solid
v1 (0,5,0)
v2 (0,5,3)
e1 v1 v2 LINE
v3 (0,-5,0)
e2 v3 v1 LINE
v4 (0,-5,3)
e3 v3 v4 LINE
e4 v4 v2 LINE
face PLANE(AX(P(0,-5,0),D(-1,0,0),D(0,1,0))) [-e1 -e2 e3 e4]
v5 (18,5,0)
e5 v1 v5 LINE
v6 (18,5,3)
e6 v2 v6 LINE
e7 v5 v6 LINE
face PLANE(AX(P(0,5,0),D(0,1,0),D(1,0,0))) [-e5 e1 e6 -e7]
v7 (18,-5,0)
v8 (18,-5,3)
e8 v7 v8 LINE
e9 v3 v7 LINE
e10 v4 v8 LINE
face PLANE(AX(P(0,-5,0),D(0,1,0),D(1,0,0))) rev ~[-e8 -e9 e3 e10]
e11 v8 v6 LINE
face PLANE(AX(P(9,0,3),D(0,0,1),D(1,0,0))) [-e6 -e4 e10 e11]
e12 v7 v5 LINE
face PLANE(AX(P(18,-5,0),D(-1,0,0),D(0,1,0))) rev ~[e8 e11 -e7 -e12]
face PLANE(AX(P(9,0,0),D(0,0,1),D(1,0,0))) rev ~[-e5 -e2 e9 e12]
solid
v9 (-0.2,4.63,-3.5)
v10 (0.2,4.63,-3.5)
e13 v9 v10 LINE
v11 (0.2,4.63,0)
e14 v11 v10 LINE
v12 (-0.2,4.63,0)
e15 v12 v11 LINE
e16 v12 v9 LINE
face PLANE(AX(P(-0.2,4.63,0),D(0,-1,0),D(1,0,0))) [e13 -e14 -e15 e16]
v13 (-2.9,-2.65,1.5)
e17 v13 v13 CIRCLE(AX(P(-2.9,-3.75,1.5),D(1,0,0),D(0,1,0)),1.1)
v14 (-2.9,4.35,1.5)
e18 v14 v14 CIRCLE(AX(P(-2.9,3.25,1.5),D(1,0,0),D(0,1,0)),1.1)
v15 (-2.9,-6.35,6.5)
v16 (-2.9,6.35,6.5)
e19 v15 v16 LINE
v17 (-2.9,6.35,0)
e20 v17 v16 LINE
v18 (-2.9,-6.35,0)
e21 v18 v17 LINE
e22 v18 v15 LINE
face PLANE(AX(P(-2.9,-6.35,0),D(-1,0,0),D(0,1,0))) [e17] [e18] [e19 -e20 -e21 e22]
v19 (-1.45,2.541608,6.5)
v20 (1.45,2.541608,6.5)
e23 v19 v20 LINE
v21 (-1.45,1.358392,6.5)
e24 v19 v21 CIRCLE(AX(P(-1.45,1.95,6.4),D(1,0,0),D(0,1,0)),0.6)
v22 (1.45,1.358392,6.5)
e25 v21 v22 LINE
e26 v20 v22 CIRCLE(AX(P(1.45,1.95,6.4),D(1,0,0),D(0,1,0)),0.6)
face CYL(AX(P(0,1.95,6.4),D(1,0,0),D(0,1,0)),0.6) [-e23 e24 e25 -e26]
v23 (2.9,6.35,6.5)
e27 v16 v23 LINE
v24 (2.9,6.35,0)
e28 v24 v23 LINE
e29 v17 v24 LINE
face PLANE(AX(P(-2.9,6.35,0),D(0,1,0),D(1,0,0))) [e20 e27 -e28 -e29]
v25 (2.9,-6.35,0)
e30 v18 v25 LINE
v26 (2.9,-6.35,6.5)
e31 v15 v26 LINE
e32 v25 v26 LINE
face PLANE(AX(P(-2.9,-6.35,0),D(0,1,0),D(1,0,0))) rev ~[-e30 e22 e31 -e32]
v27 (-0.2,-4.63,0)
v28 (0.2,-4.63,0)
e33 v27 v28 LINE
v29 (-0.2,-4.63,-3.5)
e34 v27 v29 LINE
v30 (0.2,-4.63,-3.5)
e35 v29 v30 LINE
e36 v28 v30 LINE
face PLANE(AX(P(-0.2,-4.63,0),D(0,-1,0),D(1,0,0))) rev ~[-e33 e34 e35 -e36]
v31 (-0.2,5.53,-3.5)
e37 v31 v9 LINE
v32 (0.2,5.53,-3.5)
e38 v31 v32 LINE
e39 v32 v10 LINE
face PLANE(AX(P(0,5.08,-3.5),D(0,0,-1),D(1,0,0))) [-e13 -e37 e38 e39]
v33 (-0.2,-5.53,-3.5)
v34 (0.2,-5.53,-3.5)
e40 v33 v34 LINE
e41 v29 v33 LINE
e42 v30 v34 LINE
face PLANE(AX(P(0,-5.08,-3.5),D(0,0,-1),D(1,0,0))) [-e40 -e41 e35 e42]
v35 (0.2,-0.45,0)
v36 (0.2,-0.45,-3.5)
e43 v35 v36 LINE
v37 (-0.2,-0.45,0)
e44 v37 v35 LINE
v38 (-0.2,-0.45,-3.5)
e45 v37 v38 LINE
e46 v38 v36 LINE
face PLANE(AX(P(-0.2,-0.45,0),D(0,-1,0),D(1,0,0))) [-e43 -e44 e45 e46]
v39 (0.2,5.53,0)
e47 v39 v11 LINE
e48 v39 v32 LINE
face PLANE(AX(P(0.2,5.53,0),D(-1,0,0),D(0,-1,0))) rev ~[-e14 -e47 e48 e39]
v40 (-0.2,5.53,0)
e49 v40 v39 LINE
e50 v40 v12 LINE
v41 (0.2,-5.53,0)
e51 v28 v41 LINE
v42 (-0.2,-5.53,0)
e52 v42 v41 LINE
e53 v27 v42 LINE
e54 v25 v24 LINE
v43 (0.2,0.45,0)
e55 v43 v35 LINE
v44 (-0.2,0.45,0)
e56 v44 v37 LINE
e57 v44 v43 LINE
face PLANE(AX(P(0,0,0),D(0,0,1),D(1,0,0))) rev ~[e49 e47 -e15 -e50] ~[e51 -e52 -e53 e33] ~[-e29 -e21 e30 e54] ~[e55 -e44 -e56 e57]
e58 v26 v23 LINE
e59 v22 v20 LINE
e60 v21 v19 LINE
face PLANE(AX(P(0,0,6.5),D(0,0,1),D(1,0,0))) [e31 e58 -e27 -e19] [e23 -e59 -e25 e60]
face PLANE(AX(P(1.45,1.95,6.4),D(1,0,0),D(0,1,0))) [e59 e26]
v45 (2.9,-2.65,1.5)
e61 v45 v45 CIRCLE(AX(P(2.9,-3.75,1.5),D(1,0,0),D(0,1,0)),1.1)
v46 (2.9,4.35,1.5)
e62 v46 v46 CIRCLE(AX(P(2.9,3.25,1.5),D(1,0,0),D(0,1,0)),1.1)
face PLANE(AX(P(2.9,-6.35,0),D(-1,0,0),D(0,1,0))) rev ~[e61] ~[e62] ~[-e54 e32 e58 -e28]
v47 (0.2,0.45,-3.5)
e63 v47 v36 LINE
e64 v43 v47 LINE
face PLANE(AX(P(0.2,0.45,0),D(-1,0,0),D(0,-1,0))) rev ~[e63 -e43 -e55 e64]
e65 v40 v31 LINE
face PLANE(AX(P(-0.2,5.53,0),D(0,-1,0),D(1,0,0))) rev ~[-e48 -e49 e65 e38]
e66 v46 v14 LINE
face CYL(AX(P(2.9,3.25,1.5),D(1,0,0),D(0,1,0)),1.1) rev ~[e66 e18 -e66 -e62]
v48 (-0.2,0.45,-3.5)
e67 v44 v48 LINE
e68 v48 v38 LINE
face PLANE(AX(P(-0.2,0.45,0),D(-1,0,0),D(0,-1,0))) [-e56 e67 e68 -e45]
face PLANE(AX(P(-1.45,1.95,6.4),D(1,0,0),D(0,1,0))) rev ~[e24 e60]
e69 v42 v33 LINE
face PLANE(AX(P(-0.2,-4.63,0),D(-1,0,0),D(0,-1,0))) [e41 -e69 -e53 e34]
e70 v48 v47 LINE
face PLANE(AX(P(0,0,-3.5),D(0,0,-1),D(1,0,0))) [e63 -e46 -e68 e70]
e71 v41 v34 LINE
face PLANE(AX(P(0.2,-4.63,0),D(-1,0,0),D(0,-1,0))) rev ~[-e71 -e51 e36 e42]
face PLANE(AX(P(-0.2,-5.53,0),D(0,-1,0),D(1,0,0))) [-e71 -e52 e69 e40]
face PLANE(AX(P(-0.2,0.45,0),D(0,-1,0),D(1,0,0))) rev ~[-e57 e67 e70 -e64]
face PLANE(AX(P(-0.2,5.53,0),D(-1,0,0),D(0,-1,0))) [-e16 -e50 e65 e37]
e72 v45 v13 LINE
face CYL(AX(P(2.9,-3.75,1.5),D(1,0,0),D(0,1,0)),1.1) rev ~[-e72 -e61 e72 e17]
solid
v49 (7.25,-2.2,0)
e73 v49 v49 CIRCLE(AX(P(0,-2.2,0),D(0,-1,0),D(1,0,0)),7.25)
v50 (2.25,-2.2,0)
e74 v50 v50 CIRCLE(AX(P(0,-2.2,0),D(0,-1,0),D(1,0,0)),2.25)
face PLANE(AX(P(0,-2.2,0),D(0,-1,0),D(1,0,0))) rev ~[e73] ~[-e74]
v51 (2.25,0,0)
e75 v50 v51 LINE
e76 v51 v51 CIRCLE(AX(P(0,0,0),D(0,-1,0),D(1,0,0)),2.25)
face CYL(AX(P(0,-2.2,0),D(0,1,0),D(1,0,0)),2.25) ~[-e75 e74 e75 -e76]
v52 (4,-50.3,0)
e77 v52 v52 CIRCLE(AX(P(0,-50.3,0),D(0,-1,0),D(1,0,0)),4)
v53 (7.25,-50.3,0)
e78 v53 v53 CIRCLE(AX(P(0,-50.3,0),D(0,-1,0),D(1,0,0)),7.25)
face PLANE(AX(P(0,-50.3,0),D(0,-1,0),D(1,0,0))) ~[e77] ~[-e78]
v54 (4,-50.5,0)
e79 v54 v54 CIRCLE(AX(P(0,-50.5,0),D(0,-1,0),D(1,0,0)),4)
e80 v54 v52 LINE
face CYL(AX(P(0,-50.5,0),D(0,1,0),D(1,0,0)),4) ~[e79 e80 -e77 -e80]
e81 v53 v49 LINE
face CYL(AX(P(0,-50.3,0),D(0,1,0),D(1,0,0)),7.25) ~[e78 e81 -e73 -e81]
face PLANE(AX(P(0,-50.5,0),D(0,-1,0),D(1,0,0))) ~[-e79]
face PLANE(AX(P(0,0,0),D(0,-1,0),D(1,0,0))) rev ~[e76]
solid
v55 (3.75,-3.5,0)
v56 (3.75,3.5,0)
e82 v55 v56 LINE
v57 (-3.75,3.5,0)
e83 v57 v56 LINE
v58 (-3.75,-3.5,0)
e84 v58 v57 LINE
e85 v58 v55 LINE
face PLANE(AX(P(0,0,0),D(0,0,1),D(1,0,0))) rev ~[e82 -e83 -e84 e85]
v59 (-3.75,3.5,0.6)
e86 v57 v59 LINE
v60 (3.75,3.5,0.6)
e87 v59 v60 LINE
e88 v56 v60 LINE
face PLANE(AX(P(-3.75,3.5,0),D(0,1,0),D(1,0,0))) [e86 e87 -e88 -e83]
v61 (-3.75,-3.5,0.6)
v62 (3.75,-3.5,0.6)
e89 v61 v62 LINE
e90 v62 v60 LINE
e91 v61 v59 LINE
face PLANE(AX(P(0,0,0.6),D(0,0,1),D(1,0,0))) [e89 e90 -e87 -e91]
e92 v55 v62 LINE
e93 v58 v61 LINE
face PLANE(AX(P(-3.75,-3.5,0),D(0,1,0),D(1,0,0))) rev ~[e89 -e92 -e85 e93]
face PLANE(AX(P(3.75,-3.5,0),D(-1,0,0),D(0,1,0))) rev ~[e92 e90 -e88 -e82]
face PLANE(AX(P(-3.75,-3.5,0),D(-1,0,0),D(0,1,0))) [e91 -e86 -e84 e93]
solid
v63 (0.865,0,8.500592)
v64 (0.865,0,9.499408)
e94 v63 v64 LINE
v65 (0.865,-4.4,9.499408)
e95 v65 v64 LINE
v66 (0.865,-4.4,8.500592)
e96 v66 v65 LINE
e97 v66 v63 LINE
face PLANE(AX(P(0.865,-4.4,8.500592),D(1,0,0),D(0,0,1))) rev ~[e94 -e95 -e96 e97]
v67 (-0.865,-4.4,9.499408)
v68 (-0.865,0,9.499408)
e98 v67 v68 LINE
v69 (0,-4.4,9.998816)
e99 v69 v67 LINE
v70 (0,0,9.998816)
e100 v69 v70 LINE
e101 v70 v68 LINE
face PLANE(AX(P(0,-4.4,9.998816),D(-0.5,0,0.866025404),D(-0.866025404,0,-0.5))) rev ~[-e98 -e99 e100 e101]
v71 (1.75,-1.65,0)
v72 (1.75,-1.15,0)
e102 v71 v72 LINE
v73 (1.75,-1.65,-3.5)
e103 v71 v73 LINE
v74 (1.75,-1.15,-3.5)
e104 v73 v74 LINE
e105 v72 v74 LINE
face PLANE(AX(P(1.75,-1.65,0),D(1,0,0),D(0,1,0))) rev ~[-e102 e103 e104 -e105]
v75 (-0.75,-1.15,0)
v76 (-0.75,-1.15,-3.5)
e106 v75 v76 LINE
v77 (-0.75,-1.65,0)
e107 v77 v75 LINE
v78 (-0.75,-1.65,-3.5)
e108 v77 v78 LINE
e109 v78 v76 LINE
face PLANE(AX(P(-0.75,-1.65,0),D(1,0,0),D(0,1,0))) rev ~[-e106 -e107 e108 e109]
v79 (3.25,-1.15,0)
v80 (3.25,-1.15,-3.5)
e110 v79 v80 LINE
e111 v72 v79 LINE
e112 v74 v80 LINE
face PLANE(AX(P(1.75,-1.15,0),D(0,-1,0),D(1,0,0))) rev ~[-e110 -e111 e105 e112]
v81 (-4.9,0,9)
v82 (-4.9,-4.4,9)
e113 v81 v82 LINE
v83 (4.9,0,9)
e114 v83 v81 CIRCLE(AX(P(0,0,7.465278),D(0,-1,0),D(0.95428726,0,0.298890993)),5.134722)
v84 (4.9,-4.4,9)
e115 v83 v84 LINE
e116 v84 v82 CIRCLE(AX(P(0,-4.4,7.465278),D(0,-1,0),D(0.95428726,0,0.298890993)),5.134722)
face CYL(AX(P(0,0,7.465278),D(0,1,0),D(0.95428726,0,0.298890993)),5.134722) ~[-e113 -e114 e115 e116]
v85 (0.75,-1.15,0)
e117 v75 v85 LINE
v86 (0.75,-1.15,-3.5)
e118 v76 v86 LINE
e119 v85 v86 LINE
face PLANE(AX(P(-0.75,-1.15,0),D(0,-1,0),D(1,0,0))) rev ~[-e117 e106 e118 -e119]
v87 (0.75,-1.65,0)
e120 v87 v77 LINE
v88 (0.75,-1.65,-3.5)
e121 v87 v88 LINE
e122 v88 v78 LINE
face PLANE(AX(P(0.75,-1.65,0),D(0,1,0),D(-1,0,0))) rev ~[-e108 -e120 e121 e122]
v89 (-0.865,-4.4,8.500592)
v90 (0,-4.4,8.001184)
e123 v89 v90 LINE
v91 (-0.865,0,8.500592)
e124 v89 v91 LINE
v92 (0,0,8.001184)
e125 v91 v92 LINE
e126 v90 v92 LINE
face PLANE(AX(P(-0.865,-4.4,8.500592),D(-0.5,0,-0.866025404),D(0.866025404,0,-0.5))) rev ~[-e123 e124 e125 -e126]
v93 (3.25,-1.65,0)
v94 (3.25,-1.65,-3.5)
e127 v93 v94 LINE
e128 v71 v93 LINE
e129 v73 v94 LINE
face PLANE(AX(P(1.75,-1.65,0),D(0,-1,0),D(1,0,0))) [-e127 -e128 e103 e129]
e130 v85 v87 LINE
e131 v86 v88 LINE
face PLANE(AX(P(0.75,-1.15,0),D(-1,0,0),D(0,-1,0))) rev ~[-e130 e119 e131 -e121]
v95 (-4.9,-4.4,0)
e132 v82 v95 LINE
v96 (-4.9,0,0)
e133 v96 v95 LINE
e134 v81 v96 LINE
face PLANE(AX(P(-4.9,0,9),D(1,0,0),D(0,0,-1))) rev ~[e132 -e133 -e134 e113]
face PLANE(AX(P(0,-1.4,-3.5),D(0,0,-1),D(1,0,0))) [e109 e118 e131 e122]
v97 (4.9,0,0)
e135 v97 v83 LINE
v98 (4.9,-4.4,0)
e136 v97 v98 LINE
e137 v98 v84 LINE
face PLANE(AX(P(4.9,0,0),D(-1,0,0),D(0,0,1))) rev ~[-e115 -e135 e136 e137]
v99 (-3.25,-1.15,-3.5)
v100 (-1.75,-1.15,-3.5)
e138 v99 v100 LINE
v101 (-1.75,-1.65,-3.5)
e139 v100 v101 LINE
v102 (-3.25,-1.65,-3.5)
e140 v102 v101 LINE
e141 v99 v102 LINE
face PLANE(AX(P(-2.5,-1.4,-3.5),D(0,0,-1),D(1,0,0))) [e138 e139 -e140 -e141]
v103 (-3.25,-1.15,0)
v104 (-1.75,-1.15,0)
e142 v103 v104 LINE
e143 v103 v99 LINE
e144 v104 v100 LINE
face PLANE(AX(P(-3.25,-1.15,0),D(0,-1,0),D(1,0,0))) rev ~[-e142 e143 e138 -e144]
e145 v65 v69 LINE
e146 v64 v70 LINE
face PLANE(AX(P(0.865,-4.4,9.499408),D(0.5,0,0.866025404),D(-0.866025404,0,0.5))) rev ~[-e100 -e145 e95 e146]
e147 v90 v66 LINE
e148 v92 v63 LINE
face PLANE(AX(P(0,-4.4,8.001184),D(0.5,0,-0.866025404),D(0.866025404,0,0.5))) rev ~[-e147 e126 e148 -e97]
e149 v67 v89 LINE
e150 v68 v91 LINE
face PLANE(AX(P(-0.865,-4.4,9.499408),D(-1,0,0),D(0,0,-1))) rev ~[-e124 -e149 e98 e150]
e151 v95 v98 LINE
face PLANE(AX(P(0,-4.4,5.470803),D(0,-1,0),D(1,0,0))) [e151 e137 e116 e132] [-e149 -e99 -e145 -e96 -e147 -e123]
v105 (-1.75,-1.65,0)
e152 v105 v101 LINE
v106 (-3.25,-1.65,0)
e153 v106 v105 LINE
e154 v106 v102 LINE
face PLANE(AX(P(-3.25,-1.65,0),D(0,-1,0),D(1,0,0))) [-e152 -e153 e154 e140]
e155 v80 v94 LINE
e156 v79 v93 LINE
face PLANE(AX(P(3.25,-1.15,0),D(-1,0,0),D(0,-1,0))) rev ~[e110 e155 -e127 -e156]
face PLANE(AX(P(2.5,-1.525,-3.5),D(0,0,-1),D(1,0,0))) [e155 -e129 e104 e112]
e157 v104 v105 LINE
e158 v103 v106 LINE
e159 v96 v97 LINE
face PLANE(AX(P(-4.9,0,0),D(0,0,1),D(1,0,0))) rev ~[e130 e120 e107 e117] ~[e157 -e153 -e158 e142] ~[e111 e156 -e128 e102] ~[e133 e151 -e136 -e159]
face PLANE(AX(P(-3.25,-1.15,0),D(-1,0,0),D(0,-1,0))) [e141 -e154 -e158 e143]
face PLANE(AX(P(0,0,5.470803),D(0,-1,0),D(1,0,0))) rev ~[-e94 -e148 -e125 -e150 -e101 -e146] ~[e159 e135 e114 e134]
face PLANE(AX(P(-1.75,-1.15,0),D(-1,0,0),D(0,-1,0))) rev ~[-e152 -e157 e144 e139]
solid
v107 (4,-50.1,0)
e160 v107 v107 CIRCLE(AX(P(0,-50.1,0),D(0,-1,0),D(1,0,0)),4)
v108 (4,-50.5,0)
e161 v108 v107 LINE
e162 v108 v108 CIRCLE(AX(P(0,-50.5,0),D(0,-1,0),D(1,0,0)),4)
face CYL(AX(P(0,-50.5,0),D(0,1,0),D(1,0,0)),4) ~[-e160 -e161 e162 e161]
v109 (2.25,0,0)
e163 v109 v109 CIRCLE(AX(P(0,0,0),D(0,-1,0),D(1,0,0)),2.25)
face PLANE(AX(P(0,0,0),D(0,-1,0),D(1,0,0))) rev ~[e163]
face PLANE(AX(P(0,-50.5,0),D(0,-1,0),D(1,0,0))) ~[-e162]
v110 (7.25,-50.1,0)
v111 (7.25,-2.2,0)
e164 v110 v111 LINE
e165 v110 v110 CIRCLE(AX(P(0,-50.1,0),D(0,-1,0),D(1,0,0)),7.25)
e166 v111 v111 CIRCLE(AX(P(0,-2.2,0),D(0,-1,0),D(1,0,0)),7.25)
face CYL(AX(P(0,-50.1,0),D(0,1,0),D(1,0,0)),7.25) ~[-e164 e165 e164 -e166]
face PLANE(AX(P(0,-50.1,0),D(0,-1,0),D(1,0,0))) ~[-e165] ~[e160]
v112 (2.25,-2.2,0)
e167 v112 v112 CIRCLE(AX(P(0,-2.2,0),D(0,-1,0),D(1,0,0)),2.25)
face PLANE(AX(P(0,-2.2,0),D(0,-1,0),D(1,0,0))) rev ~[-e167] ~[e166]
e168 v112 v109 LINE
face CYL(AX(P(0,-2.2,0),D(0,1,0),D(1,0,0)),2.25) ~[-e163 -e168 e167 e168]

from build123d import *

# Parameters (mm, degrees)
F0_W      = 5.8
F0_H      = 12.7
F1_DEPTH  = 6.5
F2_W      = 0.4
F2_H      = 0.9
F3_DEPTH  = 3.5
F4_R      = 0.6
F5_DEPTH  = 1.45
F6_R      = 1.1
F7_DEPTH  = 5.8
F10_W     = 18
F10_H     = 10
F11_DEPTH = 3
F12_W     = 7.5
F12_H     = 7
F13_DEPTH = 0.6
F15_DEPTH = 4.4
F17_DEPTH = 4.4
F18_W     = 1.5
F18_H     = 0.25
F18_H_2   = 0.5
F19_DEPTH = 3.5


with BuildPart() as f1:
    # F0 (on Top) → F1 (new body)
    with BuildSketch(Plane.XY):
        Rectangle(F0_W, F0_H)
    extrude(amount=F1_DEPTH)

    # F2 (on face) → F3 (join)
    with BuildSketch(Plane(origin=(0, 0, 0), x_dir=(1, 0, 0), z_dir=(0, 0, -1))):
        with Locations((0, 5.08)):
            Rectangle(F2_W, F2_H)
        Rectangle(F2_W, F2_H)
        with Locations((0, -5.08)):
            Rectangle(F2_W, F2_H)
    extrude(amount=F3_DEPTH)

    # F4 (on Right) → F5 (join, symmetric)
    with BuildSketch(Plane.YZ):
        with Locations((1.95, 6.4)):
            Circle(F4_R)
    extrude(amount=F5_DEPTH, both=True)

    # F6 (on face) → F7 (cut, through all)
    with BuildSketch(Plane.YZ.offset(2.9)):
        with Locations((3.25, 1.5)):
            Circle(F6_R)
        with Locations((-3.75, 1.5)):
            Circle(F6_R)
    extrude(amount=-F7_DEPTH, mode=Mode.SUBTRACT)


with BuildPart() as f9:
    # F8 (on Top) → F9 (revolve)
    with BuildSketch(Plane.XY):
        Polygon((2.25, 0), (0, 0), (0, -50.5), (4, -50.5), (4, -50.3), (7.25, -50.3), (7.25, -2.2), (2.25, -2.2), align=None)
    revolve(axis=Axis((0, 14.5285641775, 0), (0, -1, 0)))


with BuildPart() as f11:
    # F10 (on Top) → F11 (new body)
    with BuildSketch(Plane.XY):
        with Locations((9, 0)):
            Rectangle(F10_W, F10_H)
    extrude(amount=F11_DEPTH)


with BuildPart() as f13:
    # F12 (on Top) → F13 (new body)
    with BuildSketch(Plane.XY):
        Rectangle(F12_W, F12_H)
    extrude(amount=F13_DEPTH)


with BuildPart() as f15:
    # F14 (on Front) → F15 (new body)
    with BuildSketch(Plane.XZ):
        with BuildLine():
            Line((-4.9, 0), (4.9, 0))
            Line((4.9, 0), (4.9, 9))
            ThreePointArc((4.9, 9), (0, 12.6), (-4.9, 9))
            Line((-4.9, 9), (-4.9, 0))
        make_face()
    extrude(amount=F15_DEPTH)

    # F16 (on face) → F17 (cut, through all)
    with BuildSketch(Plane.XZ.offset(4.4)):
        Polygon((0.865, 9.4994079828), (0, 9.9988159657), (-0.865, 9.4994079828), (-0.865, 8.5005920172), (0, 8.0011840343), (0.865, 8.5005920172), align=None)
    extrude(amount=-F17_DEPTH, mode=Mode.SUBTRACT)

    # F18 (on face) → F19 (join)
    with BuildSketch(Plane(origin=(0, 0, 0), x_dir=(1, 0, 0), z_dir=(0, 0, -1))):
        with Locations((2.5, 1.525)):
            Rectangle(F18_W, F18_H)
        with Locations((2.5, 1.275)):
            Rectangle(F18_W, F18_H)
        Polygon((-0.75, 1.15), (0.75, 1.15), (0.75, 1.4), (0.75, 1.65), (-0.75, 1.65), align=None)
        with Locations((-2.5, 1.4)):
            Rectangle(F18_W, F18_H_2)
    extrude(amount=F19_DEPTH)


with BuildPart() as f21:
    # F20 (on Top) → F21 (revolve)
    with BuildSketch(Plane.XY):
        Polygon((2.25, 0), (0, 0), (0, -50.5), (4, -50.5), (4, -50.1), (7.25, -50.1), (7.25, -2.2), (2.25, -2.2), align=None)
    revolve(axis=Axis((0, -25.25, 0), (0, -1, 0)))


solid = Compound([f1.part, f9.part, f11.part, f13.part, f15.part, f21.part])
